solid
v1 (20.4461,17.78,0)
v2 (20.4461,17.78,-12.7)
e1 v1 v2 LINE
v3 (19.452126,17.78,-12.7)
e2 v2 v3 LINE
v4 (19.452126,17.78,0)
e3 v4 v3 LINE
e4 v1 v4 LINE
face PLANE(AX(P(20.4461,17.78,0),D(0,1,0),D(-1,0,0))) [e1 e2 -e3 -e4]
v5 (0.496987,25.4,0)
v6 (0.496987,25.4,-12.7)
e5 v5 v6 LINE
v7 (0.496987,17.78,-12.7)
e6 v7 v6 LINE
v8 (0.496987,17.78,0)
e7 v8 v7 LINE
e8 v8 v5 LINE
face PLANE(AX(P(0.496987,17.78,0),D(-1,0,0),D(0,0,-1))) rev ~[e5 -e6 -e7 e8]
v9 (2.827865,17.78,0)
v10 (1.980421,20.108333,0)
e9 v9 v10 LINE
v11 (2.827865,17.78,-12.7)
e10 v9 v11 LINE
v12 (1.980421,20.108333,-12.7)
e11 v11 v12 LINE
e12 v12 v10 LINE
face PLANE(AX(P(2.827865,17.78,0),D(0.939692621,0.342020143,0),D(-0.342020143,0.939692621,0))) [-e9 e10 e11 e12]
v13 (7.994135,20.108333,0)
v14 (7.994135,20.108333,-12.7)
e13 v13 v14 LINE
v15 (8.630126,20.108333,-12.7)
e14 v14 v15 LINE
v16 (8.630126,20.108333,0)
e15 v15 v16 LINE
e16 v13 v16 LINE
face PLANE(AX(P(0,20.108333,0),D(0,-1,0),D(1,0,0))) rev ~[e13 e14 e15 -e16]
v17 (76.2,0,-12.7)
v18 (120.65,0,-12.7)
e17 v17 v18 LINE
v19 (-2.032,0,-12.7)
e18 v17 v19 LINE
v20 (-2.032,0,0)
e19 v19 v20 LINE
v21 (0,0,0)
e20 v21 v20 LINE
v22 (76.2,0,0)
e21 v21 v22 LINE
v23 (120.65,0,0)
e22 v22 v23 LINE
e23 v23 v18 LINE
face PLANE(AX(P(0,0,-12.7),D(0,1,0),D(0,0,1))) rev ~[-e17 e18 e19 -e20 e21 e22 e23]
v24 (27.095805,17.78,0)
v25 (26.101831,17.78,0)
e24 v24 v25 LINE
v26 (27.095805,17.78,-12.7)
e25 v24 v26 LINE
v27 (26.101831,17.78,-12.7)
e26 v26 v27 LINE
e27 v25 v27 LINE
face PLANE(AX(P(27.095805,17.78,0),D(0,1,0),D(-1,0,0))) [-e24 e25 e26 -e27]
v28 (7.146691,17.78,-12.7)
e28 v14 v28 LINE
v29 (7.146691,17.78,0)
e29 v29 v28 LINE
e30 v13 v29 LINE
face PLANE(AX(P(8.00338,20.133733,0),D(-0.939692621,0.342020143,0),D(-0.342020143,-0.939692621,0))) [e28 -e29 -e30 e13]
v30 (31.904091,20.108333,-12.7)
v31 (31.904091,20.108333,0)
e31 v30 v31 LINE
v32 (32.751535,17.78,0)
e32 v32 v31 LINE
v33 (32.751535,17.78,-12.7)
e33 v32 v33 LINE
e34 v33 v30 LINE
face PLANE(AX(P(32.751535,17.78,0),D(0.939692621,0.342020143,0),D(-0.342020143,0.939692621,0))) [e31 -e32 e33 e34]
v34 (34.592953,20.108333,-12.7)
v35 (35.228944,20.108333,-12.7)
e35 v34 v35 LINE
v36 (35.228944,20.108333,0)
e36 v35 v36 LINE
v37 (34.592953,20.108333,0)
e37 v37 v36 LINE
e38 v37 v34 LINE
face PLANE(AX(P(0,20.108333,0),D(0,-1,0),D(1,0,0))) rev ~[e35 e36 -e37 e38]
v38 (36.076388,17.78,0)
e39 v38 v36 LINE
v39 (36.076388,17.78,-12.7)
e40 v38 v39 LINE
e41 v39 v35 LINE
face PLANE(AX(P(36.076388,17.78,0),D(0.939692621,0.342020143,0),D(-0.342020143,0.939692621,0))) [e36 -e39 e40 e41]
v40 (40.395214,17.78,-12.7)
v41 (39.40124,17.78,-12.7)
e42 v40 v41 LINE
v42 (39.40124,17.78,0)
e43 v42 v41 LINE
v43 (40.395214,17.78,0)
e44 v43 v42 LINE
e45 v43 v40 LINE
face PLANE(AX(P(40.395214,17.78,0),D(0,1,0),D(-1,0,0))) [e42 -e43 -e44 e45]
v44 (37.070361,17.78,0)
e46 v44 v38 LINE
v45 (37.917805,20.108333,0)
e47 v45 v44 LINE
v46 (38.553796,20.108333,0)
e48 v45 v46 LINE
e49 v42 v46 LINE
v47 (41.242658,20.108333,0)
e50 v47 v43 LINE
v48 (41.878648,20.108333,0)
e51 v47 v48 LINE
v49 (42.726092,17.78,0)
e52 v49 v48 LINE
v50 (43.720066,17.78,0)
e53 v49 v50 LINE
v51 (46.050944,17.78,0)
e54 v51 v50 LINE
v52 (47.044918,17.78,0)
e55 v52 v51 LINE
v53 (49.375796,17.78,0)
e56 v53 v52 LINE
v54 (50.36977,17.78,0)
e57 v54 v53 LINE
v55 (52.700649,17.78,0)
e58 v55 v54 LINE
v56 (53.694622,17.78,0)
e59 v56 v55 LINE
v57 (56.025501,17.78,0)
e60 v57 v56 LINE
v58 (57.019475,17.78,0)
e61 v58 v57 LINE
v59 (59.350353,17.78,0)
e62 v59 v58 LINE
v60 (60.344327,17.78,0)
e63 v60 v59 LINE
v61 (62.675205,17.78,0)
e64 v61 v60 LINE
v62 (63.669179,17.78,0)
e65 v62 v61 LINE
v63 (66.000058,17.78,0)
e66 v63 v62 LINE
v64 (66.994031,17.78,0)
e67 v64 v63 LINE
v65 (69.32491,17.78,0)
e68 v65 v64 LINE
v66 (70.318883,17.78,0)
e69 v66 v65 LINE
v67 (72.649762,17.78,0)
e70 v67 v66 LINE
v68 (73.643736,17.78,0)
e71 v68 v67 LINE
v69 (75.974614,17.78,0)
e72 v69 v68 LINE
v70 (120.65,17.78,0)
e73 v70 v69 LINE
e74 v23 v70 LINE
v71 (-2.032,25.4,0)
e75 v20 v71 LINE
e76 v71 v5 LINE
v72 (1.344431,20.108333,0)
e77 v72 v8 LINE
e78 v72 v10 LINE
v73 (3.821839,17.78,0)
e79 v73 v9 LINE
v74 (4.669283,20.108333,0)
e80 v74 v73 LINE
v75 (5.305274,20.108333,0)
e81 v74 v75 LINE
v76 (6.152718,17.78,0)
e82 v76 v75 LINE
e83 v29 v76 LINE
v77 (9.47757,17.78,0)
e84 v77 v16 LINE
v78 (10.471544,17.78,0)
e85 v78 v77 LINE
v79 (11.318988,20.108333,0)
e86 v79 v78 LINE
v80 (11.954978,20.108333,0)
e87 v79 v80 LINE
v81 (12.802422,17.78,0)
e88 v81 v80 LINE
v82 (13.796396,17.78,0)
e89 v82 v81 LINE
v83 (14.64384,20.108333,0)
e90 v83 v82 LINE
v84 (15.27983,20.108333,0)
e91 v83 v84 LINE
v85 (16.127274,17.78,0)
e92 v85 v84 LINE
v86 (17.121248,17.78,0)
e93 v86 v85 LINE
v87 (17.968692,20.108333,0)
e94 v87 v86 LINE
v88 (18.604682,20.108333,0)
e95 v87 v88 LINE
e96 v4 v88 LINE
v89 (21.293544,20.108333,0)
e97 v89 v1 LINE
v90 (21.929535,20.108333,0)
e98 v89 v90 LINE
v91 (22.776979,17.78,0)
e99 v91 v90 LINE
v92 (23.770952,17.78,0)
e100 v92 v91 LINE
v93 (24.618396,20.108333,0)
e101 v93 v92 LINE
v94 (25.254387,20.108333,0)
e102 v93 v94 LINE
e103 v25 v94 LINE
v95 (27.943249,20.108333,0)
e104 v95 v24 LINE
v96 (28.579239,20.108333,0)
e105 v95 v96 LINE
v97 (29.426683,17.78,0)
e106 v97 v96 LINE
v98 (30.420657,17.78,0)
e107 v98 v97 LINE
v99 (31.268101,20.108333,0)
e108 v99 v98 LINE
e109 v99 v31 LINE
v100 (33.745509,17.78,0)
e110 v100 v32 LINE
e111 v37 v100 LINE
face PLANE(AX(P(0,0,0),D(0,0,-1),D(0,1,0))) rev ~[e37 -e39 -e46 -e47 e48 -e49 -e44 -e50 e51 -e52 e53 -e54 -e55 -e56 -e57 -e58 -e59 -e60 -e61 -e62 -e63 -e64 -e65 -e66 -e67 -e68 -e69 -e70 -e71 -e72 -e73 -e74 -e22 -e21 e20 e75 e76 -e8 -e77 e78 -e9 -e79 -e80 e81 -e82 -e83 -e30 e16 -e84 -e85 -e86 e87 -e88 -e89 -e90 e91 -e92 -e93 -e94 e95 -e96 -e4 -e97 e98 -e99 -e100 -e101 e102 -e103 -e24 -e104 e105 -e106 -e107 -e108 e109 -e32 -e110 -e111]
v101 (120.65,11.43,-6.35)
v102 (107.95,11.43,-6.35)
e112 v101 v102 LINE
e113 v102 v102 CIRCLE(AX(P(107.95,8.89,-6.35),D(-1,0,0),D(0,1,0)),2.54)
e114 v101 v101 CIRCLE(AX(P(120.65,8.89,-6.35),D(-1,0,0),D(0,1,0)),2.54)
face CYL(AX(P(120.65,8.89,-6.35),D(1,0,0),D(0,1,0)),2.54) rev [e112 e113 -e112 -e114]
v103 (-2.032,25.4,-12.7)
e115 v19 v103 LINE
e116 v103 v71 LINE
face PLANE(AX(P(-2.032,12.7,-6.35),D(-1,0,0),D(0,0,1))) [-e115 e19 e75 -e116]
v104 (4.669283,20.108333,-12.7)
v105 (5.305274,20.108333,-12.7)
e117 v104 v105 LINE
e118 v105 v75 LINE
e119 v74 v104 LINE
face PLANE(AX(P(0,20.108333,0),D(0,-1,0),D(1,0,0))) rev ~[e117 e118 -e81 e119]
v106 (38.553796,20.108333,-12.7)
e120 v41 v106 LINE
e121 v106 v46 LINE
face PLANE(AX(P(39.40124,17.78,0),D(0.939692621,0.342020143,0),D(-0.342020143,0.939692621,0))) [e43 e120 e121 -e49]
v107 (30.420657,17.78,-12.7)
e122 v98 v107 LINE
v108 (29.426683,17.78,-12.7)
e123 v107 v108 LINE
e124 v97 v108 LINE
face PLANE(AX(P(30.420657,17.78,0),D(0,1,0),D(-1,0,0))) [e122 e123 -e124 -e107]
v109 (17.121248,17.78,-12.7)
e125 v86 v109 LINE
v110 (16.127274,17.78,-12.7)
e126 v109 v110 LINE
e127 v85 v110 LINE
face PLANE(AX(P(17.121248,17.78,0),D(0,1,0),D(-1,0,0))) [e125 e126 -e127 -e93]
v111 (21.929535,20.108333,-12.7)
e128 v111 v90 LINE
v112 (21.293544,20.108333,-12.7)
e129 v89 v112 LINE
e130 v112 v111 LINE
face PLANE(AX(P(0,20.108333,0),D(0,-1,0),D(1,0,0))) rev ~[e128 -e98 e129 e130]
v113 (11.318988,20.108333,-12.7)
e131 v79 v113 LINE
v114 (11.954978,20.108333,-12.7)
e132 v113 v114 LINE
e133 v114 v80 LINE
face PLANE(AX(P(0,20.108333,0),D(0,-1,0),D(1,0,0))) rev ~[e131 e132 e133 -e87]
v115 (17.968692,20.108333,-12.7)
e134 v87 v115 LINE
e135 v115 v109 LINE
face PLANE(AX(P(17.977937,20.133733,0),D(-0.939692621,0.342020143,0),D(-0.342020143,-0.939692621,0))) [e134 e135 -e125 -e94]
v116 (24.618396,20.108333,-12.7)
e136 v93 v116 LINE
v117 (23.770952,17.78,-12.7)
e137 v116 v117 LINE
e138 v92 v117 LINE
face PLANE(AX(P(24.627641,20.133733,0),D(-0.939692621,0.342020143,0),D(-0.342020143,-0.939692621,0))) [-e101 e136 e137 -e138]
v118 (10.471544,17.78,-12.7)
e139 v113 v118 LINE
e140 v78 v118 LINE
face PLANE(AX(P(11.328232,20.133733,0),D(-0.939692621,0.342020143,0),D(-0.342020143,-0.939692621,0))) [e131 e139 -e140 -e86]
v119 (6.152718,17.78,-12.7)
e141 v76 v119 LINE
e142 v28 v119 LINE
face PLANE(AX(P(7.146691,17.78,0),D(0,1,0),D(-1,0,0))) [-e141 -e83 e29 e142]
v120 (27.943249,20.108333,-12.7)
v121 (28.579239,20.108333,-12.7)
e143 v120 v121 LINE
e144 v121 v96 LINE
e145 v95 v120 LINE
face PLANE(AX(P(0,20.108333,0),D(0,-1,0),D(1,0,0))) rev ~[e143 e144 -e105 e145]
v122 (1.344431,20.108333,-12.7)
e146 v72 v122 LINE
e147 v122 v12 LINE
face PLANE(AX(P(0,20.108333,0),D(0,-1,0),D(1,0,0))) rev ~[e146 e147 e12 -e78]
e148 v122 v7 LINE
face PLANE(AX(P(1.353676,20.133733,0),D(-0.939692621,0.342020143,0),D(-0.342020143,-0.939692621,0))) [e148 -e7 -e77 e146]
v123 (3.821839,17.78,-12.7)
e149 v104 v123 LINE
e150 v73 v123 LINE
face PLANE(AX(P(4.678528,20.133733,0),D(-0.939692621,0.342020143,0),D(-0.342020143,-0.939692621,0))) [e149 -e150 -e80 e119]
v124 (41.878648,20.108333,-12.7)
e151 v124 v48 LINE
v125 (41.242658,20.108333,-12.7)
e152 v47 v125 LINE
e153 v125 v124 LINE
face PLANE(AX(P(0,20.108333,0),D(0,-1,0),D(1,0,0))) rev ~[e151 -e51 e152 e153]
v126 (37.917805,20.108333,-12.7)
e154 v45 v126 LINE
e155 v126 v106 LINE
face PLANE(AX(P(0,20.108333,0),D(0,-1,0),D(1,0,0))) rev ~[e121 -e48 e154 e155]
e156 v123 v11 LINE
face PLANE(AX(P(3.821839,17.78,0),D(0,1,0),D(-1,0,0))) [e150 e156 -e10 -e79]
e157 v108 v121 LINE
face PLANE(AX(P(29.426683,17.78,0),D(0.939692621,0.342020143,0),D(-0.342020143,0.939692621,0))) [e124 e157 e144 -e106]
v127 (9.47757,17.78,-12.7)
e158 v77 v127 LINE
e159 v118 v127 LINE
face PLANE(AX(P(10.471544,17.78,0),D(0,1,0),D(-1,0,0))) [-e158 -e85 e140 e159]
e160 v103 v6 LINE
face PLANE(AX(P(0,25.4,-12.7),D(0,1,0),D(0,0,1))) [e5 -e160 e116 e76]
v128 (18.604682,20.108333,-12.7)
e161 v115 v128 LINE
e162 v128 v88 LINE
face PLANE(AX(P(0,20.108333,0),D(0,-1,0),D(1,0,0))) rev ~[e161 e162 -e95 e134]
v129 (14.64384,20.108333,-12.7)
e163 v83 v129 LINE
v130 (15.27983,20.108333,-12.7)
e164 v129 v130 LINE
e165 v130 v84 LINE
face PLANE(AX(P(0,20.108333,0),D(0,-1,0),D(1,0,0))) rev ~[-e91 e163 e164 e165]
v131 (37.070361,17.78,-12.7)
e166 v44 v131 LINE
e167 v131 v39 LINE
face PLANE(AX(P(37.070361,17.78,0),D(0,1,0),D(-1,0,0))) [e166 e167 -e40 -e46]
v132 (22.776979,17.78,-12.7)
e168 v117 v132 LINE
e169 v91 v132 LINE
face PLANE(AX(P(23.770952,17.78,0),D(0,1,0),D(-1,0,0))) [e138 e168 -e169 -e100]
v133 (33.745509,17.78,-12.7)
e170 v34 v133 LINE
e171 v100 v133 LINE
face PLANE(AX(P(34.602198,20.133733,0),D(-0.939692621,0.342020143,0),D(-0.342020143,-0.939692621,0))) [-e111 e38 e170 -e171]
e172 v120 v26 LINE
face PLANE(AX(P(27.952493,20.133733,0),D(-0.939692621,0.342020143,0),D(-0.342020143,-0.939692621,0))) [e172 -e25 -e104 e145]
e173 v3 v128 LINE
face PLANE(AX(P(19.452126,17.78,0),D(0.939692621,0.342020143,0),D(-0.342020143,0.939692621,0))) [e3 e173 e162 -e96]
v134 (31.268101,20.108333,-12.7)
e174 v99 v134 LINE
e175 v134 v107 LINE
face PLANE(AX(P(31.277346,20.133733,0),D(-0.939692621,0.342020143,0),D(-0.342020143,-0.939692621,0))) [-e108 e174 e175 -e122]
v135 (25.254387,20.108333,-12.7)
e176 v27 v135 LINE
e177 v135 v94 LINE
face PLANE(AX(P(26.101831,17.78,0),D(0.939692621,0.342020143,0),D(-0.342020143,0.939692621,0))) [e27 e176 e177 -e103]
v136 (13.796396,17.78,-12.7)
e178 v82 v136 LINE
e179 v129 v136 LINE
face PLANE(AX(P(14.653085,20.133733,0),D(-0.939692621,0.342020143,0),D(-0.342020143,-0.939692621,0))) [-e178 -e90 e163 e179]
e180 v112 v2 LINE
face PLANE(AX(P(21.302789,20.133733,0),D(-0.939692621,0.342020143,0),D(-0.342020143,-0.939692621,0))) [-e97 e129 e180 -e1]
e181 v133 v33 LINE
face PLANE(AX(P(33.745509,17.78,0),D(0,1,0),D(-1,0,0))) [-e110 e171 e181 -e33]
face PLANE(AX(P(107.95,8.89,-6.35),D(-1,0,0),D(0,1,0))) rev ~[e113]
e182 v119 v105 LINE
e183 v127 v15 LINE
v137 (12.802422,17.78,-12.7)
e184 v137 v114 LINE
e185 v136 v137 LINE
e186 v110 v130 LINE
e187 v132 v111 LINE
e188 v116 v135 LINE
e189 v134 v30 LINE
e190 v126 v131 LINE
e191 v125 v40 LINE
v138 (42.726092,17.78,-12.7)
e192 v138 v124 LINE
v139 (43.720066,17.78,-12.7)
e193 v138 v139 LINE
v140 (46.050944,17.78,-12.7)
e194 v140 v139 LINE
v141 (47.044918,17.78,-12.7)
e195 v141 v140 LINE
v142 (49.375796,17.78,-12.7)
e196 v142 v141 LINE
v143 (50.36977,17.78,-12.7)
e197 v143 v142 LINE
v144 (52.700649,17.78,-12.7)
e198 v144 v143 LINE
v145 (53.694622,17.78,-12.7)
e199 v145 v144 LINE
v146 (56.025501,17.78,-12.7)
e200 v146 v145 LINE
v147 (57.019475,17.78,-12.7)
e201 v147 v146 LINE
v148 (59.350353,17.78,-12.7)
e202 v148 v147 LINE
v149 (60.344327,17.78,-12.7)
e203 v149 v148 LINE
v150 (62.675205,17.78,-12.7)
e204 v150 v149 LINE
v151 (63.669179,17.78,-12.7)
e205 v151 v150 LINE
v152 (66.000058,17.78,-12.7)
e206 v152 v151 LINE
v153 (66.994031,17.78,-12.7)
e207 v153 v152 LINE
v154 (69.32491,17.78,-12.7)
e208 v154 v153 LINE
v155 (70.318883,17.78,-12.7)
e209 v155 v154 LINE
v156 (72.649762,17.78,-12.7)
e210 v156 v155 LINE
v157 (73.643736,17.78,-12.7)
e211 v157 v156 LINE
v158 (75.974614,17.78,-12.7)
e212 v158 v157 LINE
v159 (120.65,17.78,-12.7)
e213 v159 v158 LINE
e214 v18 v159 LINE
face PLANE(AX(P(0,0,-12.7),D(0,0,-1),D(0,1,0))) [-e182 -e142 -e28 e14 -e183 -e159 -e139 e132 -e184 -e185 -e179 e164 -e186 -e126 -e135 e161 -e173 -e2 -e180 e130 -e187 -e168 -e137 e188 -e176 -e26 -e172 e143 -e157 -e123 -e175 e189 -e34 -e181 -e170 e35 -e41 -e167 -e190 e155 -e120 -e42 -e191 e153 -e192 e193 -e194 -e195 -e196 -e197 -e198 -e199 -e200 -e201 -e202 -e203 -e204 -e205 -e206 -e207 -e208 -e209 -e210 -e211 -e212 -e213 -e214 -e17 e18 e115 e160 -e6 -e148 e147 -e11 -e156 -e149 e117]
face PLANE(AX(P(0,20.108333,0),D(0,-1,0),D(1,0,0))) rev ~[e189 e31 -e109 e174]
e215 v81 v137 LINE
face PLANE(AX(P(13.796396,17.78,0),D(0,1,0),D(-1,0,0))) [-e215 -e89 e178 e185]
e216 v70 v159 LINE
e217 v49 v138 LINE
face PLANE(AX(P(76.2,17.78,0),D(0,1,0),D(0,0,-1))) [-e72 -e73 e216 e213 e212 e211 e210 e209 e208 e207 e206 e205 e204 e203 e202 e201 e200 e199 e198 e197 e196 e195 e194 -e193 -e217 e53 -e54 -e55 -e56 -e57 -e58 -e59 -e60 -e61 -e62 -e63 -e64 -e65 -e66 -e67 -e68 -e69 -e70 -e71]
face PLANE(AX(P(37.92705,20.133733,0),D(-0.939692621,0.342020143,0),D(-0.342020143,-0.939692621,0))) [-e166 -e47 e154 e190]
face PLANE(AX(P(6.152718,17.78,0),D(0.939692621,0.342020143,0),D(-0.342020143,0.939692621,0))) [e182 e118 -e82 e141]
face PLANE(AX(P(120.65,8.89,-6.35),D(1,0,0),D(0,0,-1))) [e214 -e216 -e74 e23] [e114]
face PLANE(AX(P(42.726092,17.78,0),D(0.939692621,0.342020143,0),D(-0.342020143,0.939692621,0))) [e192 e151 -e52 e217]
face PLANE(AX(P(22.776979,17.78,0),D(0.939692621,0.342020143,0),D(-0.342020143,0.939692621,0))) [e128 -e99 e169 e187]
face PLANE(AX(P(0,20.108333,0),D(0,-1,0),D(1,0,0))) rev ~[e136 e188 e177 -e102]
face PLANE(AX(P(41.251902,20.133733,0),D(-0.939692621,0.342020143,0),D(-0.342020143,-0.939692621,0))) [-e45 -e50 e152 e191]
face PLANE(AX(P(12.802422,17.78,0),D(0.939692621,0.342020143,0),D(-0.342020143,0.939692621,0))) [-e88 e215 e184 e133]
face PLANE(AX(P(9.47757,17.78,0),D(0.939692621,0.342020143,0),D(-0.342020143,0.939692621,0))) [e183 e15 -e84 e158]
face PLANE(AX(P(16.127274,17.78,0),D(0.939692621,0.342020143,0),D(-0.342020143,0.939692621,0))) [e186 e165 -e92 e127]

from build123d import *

# Parameters (mm, degrees)
BLANKSKE_W          = 76.2
BLANKSKE_H          = 20.108333333
BLANK_DEPTH         = 12.7
TOOTHCUTSIM_DEPTH   = 80.825278386
TEETHCUTS_COUNT     = 24
TEETHCUTS_PITCH     = 3.324852221
SKETCH1_W           = 12.7
SKETCH1_H           = 17.78
BOSS_EXTRUDE1_DEPTH = 44.45
SKETCH3_R           = 2.54
CUT_EXTRUDE1_DEPTH  = 12.7
SKETCH4_W           = 0.496986858
SKETCH4_H           = 12.7
BOSS_EXTRUDE2_DEPTH = 7.62
SKETCH5_W           = 12.7
SKETCH5_H           = 25.4
BOSS_EXTRUDE3_DEPTH = 2.032
SKETCH6_W           = 12.7
SKETCH6_H           = 2.328333333
CUT_EXTRUDE2_DEPTH  = 76.962


with BuildPart() as part:
    # BlankSke → Blank (new body)
    with BuildSketch(Plane.XY):
        with Locations((38.1, 10.054166667)):
            Rectangle(BLANKSKE_W, BLANKSKE_H)
    extrude(amount=-BLANK_DEPTH)

    # TooCutSkeSim → ToothCutSim (cut, through all)
    with BuildSketch(Plane.XY):
        Polygon((0.496986858, 17.78), (-0.496986858, 17.78), (-1.353675731, 20.133733333), (1.353675731, 20.133733333), align=None)
    toothcutsim = extrude(amount=-TOOTHCUTSIM_DEPTH, mode=Mode.SUBTRACT)

    # TeethCuts: ToothCutSim ×24
    with Locations(*[(i * TEETHCUTS_PITCH, 0, 0) for i in range(1, TEETHCUTS_COUNT)]):
        add(toothcutsim, mode=Mode.SUBTRACT)

    # Sketch1 → Boss-Extrude1 (add)
    with BuildSketch(Plane(origin=(76.2, 0, 0), x_dir=(0, 0, -1), z_dir=(1, 0, 0))):
        with Locations((6.35, 8.89)):
            Rectangle(SKETCH1_W, SKETCH1_H)
    extrude(amount=BOSS_EXTRUDE1_DEPTH)

    # Sketch3 → Cut-Extrude1 (cut)
    with BuildSketch(Plane(origin=(120.65, 0, -120.65), x_dir=(0, 0, 1), z_dir=(-1, 0, 0))):
        with Locations(Location((114.3, 8.89, 0), (0, 0, 90))):
            Circle(SKETCH3_R)
    extrude(amount=CUT_EXTRUDE1_DEPTH, mode=Mode.SUBTRACT)

    # Sketch4 → Boss-Extrude2 (add)
    with BuildSketch(Plane(origin=(0, 17.78, 0), x_dir=(1, 0, 0), z_dir=(0, 1, 0))):
        with Locations((0.248493429, 6.35)):
            Rectangle(SKETCH4_W, SKETCH4_H)
    extrude(amount=BOSS_EXTRUDE2_DEPTH)

    # Sketch5 → Boss-Extrude3 (add)
    with BuildSketch(Plane.ZY):
        with Locations((-6.35, 12.7)):
            Rectangle(SKETCH5_W, SKETCH5_H)
    extrude(amount=BOSS_EXTRUDE3_DEPTH)

    # Sketch6 → Cut-Extrude2 (cut)
    with BuildSketch(Plane(origin=(120.65, 0, 0), x_dir=(0, 0, -1), z_dir=(1, 0, 0))):
        with Locations((6.35, 18.944166667)):
            Rectangle(SKETCH6_W, SKETCH6_H)
    extrude(amount=-CUT_EXTRUDE2_DEPTH, mode=Mode.SUBTRACT)


solid = part.part
